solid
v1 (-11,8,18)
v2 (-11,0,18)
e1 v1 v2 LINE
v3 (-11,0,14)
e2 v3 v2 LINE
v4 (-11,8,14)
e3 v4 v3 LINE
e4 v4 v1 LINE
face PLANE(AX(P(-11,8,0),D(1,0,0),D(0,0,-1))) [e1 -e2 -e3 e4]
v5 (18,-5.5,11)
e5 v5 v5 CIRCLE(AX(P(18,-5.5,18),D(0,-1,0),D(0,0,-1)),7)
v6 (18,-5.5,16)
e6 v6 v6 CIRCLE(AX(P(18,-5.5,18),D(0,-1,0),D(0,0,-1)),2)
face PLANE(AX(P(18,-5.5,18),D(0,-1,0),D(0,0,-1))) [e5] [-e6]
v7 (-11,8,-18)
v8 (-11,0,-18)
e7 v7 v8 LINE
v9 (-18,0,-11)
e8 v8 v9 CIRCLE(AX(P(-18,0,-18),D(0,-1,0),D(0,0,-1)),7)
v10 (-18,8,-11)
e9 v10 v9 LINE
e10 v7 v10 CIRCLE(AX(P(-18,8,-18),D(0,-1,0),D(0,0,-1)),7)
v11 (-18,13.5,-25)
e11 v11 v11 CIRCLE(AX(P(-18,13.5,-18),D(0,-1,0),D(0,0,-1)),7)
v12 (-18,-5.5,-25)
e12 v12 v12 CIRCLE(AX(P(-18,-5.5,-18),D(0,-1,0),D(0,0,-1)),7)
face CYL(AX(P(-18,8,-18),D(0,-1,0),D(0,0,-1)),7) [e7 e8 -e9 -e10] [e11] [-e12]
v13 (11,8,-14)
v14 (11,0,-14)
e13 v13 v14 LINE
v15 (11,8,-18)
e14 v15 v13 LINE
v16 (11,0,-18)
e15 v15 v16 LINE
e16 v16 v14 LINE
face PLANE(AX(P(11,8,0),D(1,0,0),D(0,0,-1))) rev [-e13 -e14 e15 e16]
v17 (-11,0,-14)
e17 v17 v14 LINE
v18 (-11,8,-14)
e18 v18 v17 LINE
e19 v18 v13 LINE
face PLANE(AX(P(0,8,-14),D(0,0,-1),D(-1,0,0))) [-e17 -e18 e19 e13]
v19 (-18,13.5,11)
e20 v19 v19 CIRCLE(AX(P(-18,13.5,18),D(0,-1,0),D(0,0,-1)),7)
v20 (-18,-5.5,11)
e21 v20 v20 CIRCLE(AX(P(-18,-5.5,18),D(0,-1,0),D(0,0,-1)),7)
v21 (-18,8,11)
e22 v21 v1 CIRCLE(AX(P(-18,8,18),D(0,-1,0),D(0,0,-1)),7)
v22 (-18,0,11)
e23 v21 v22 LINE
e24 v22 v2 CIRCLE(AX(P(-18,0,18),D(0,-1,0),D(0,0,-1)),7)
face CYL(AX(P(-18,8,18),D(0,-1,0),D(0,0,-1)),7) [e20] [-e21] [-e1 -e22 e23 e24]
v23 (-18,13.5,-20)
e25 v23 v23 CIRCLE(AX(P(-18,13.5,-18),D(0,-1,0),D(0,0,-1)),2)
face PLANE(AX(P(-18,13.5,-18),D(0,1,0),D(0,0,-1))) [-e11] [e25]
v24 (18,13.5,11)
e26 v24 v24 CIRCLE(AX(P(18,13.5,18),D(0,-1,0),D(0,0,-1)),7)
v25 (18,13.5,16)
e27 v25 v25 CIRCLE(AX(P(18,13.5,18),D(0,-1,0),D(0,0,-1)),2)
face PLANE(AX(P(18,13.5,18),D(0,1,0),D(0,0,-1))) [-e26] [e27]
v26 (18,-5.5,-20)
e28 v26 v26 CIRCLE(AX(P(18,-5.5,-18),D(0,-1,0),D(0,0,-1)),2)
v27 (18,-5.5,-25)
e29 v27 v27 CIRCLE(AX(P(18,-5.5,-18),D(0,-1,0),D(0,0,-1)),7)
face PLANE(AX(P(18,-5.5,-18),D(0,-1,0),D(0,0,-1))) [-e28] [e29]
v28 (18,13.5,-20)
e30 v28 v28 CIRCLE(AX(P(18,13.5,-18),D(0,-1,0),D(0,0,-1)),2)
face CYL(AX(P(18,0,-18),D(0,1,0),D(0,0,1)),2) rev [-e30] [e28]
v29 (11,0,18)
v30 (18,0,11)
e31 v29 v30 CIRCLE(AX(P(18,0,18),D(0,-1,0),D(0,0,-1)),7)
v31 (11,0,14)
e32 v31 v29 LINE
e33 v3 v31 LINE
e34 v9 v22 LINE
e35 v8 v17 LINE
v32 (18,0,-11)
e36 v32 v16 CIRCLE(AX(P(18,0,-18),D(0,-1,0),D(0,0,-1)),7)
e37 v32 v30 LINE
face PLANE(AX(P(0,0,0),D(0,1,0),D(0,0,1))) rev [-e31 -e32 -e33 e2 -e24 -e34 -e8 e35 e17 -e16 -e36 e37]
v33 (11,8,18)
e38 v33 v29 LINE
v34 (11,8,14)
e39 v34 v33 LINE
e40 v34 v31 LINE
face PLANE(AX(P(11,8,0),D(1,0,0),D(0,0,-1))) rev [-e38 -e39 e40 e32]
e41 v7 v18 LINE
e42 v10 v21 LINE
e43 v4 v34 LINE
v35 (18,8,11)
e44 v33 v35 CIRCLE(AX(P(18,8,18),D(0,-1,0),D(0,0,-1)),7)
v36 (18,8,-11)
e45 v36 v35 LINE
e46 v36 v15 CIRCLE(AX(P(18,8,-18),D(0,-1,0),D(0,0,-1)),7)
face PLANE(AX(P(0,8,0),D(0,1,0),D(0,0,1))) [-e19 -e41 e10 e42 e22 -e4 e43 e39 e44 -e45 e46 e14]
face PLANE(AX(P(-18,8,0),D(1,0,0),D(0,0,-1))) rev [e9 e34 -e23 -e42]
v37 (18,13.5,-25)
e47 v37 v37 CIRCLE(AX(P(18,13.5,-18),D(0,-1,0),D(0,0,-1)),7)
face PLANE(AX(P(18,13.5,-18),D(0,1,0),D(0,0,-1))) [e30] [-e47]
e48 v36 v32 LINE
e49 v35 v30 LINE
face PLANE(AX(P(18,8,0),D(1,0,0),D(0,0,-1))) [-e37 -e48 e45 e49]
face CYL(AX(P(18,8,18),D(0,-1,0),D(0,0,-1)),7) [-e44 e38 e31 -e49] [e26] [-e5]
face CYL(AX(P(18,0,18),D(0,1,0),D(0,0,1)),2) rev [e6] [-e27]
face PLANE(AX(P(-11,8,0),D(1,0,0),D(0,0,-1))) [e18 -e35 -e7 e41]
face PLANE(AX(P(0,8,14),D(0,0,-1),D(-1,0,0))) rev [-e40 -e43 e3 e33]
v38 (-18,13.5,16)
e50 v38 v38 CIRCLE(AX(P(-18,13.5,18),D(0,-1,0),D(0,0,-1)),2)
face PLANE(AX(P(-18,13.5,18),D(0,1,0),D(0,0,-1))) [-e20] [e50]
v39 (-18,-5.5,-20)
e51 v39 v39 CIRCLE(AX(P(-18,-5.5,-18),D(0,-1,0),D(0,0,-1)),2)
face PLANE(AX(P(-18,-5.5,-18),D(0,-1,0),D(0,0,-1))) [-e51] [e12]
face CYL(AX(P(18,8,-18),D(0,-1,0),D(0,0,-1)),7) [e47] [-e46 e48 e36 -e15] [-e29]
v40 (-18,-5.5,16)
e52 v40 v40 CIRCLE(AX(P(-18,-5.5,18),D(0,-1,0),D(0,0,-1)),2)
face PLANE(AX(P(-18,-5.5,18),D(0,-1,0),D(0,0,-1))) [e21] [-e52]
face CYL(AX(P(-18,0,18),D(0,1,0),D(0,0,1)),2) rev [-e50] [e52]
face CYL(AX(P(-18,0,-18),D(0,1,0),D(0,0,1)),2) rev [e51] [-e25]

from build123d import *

# Parameters (mm, degrees)
SKETCH1_W           = 22
SKETCH1_H           = 28
BOSS_EXTRUDE1_DEPTH = 8
SKETCH2_R           = 2
CUT_EXTRUDE1_DEPTH  = 37.249137921
SKETCH5_R           = 7
SKETCH5_R_2         = 2
BOSS_EXTRUDE3_DEPTH = 5.5


with BuildPart() as part:
    # Sketch1 → Boss-Extrude1 (new body)
    with BuildSketch(Plane(origin=(0, 0, 0), x_dir=(1, 0, 0), z_dir=(0, 1, 0))):
        with BuildLine():
            ThreePointArc((-18, 11), (-13.050252532, 13.050252532), (-11, 18))
            Line((-11, 18), (-18, 18))
            Line((-18, 18), (-18, 11))
        make_face()
        with BuildLine():
            Line((-18, 18), (-11, 18))
            ThreePointArc((-11, 18), (-22.949747468, 22.949747468), (-18, 11))
            Line((-18, 11), (-18, 18))
        make_face()
        with BuildLine():
            Line((-11, -18), (-11, -14))
            Line((-11, -14), (-11, 14))
            Line((-11, 14), (-11, 18))
            ThreePointArc((-11, 18), (-13.050252532, 13.050252532), (-18, 11))
            Line((-18, 11), (-18, -11))
            ThreePointArc((-18, -11), (-13.050252532, -13.050252532), (-11, -18))
        make_face()
        with BuildLine():
            ThreePointArc((-18, -11), (-22.949747468, -22.949747468), (-11, -18))
            Line((-11, -18), (-18, -18))
            Line((-18, -18), (-18, -11))
        make_face()
        with BuildLine():
            Line((-18, -18), (-11, -18))
            ThreePointArc((-11, -18), (-13.050252532, -13.050252532), (-18, -11))
            Line((-18, -11), (-18, -18))
        make_face()
        Rectangle(SKETCH1_W, SKETCH1_H)
        with BuildLine():
            ThreePointArc((18, -11), (13.050252532, -13.050252532), (11, -18))
            Line((11, -18), (18, -18))
            Line((18, -18), (18, -11))
        make_face()
        with BuildLine():
            Line((18, -18), (11, -18))
            ThreePointArc((11, -18), (18, -25), (25, -18))
            ThreePointArc((25, -18), (22.949747468, -13.050252532), (18, -11))
            Line((18, -11), (18, -18))
        make_face()
        with BuildLine():
            Line((11, 14), (11, -14))
            Line((11, -14), (11, -18))
            ThreePointArc((11, -18), (13.050252532, -13.050252532), (18, -11))
            Line((18, -11), (18, 11))
            ThreePointArc((18, 11), (13.050252532, 13.050252532), (11, 18))
            Line((11, 18), (11, 14))
        make_face()
        with BuildLine():
            ThreePointArc((25, 18), (18, 25), (11, 18))
            Line((11, 18), (18, 18))
            Line((18, 18), (18, 11))
            ThreePointArc((18, 11), (22.949747468, 13.050252532), (25, 18))
        make_face()
        with BuildLine():
            Line((18, 18), (11, 18))
            ThreePointArc((11, 18), (13.050252532, 13.050252532), (18, 11))
            Line((18, 11), (18, 18))
        make_face()
    extrude(amount=BOSS_EXTRUDE1_DEPTH)

    # Sketch2 → Cut-Extrude1 (cut, through all)
    with BuildSketch(Plane(origin=(0, 8, 0), x_dir=(1, 0, 0), z_dir=(0, 1, 0))):
        with Locations(Location((-18, 18, 0), (0, 0, 270))):
            Circle(SKETCH2_R)
        with Locations(Location((-18, -18, 0), (0, 0, 270))):
            Circle(SKETCH2_R)
        with Locations(Location((18, -18, 0), (0, 0, 270))):
            Circle(SKETCH2_R)
        with Locations(Location((18, 18, 0), (0, 0, 270))):
            Circle(SKETCH2_R)
    extrude(amount=-CUT_EXTRUDE1_DEPTH, mode=Mode.SUBTRACT)

    # Sketch5 → Boss-Extrude3 (add)
    # profile 1 of 4: a face of its own
    with BuildSketch(Plane.XZ):
        with Locations(Location((-18, 18, 0), (0, 0, 270))):
            Circle(SKETCH5_R)
        with Locations(Location((-18, 18, 0), (0, 0, 90))):
            Circle(SKETCH5_R_2, mode=Mode.SUBTRACT)
    # profile 2 of 4: a face of its own
    with BuildSketch(Plane.XZ):
        with Locations(Location((18, 18, 0), (0, 0, 270))):
            Circle(SKETCH5_R)
        with Locations(Location((18, 18, 0), (0, 0, 90))):
            Circle(SKETCH5_R_2, mode=Mode.SUBTRACT)
    # profile 3 of 4: a face of its own
    with BuildSketch(Plane.XZ):
        with Locations(Location((18, -18, 0), (0, 0, 270))):
            Circle(SKETCH5_R)
        with Locations(Location((18, -18, 0), (0, 0, 90))):
            Circle(SKETCH5_R_2, mode=Mode.SUBTRACT)
    # profile 4 of 4: a face of its own
    with BuildSketch(Plane.XZ):
        with Locations(Location((-18, -18, 0), (0, 0, 270))):
            Circle(SKETCH5_R)
        with Locations(Location((-18, -18, 0), (0, 0, 90))):
            Circle(SKETCH5_R_2, mode=Mode.SUBTRACT)
    boss_extrude3 = extrude(amount=BOSS_EXTRUDE3_DEPTH)

    # Mirror1: Boss-Extrude3 across plane
    add(boss_extrude3.mirror(Plane.ZX.offset(4)))


solid = part.part
